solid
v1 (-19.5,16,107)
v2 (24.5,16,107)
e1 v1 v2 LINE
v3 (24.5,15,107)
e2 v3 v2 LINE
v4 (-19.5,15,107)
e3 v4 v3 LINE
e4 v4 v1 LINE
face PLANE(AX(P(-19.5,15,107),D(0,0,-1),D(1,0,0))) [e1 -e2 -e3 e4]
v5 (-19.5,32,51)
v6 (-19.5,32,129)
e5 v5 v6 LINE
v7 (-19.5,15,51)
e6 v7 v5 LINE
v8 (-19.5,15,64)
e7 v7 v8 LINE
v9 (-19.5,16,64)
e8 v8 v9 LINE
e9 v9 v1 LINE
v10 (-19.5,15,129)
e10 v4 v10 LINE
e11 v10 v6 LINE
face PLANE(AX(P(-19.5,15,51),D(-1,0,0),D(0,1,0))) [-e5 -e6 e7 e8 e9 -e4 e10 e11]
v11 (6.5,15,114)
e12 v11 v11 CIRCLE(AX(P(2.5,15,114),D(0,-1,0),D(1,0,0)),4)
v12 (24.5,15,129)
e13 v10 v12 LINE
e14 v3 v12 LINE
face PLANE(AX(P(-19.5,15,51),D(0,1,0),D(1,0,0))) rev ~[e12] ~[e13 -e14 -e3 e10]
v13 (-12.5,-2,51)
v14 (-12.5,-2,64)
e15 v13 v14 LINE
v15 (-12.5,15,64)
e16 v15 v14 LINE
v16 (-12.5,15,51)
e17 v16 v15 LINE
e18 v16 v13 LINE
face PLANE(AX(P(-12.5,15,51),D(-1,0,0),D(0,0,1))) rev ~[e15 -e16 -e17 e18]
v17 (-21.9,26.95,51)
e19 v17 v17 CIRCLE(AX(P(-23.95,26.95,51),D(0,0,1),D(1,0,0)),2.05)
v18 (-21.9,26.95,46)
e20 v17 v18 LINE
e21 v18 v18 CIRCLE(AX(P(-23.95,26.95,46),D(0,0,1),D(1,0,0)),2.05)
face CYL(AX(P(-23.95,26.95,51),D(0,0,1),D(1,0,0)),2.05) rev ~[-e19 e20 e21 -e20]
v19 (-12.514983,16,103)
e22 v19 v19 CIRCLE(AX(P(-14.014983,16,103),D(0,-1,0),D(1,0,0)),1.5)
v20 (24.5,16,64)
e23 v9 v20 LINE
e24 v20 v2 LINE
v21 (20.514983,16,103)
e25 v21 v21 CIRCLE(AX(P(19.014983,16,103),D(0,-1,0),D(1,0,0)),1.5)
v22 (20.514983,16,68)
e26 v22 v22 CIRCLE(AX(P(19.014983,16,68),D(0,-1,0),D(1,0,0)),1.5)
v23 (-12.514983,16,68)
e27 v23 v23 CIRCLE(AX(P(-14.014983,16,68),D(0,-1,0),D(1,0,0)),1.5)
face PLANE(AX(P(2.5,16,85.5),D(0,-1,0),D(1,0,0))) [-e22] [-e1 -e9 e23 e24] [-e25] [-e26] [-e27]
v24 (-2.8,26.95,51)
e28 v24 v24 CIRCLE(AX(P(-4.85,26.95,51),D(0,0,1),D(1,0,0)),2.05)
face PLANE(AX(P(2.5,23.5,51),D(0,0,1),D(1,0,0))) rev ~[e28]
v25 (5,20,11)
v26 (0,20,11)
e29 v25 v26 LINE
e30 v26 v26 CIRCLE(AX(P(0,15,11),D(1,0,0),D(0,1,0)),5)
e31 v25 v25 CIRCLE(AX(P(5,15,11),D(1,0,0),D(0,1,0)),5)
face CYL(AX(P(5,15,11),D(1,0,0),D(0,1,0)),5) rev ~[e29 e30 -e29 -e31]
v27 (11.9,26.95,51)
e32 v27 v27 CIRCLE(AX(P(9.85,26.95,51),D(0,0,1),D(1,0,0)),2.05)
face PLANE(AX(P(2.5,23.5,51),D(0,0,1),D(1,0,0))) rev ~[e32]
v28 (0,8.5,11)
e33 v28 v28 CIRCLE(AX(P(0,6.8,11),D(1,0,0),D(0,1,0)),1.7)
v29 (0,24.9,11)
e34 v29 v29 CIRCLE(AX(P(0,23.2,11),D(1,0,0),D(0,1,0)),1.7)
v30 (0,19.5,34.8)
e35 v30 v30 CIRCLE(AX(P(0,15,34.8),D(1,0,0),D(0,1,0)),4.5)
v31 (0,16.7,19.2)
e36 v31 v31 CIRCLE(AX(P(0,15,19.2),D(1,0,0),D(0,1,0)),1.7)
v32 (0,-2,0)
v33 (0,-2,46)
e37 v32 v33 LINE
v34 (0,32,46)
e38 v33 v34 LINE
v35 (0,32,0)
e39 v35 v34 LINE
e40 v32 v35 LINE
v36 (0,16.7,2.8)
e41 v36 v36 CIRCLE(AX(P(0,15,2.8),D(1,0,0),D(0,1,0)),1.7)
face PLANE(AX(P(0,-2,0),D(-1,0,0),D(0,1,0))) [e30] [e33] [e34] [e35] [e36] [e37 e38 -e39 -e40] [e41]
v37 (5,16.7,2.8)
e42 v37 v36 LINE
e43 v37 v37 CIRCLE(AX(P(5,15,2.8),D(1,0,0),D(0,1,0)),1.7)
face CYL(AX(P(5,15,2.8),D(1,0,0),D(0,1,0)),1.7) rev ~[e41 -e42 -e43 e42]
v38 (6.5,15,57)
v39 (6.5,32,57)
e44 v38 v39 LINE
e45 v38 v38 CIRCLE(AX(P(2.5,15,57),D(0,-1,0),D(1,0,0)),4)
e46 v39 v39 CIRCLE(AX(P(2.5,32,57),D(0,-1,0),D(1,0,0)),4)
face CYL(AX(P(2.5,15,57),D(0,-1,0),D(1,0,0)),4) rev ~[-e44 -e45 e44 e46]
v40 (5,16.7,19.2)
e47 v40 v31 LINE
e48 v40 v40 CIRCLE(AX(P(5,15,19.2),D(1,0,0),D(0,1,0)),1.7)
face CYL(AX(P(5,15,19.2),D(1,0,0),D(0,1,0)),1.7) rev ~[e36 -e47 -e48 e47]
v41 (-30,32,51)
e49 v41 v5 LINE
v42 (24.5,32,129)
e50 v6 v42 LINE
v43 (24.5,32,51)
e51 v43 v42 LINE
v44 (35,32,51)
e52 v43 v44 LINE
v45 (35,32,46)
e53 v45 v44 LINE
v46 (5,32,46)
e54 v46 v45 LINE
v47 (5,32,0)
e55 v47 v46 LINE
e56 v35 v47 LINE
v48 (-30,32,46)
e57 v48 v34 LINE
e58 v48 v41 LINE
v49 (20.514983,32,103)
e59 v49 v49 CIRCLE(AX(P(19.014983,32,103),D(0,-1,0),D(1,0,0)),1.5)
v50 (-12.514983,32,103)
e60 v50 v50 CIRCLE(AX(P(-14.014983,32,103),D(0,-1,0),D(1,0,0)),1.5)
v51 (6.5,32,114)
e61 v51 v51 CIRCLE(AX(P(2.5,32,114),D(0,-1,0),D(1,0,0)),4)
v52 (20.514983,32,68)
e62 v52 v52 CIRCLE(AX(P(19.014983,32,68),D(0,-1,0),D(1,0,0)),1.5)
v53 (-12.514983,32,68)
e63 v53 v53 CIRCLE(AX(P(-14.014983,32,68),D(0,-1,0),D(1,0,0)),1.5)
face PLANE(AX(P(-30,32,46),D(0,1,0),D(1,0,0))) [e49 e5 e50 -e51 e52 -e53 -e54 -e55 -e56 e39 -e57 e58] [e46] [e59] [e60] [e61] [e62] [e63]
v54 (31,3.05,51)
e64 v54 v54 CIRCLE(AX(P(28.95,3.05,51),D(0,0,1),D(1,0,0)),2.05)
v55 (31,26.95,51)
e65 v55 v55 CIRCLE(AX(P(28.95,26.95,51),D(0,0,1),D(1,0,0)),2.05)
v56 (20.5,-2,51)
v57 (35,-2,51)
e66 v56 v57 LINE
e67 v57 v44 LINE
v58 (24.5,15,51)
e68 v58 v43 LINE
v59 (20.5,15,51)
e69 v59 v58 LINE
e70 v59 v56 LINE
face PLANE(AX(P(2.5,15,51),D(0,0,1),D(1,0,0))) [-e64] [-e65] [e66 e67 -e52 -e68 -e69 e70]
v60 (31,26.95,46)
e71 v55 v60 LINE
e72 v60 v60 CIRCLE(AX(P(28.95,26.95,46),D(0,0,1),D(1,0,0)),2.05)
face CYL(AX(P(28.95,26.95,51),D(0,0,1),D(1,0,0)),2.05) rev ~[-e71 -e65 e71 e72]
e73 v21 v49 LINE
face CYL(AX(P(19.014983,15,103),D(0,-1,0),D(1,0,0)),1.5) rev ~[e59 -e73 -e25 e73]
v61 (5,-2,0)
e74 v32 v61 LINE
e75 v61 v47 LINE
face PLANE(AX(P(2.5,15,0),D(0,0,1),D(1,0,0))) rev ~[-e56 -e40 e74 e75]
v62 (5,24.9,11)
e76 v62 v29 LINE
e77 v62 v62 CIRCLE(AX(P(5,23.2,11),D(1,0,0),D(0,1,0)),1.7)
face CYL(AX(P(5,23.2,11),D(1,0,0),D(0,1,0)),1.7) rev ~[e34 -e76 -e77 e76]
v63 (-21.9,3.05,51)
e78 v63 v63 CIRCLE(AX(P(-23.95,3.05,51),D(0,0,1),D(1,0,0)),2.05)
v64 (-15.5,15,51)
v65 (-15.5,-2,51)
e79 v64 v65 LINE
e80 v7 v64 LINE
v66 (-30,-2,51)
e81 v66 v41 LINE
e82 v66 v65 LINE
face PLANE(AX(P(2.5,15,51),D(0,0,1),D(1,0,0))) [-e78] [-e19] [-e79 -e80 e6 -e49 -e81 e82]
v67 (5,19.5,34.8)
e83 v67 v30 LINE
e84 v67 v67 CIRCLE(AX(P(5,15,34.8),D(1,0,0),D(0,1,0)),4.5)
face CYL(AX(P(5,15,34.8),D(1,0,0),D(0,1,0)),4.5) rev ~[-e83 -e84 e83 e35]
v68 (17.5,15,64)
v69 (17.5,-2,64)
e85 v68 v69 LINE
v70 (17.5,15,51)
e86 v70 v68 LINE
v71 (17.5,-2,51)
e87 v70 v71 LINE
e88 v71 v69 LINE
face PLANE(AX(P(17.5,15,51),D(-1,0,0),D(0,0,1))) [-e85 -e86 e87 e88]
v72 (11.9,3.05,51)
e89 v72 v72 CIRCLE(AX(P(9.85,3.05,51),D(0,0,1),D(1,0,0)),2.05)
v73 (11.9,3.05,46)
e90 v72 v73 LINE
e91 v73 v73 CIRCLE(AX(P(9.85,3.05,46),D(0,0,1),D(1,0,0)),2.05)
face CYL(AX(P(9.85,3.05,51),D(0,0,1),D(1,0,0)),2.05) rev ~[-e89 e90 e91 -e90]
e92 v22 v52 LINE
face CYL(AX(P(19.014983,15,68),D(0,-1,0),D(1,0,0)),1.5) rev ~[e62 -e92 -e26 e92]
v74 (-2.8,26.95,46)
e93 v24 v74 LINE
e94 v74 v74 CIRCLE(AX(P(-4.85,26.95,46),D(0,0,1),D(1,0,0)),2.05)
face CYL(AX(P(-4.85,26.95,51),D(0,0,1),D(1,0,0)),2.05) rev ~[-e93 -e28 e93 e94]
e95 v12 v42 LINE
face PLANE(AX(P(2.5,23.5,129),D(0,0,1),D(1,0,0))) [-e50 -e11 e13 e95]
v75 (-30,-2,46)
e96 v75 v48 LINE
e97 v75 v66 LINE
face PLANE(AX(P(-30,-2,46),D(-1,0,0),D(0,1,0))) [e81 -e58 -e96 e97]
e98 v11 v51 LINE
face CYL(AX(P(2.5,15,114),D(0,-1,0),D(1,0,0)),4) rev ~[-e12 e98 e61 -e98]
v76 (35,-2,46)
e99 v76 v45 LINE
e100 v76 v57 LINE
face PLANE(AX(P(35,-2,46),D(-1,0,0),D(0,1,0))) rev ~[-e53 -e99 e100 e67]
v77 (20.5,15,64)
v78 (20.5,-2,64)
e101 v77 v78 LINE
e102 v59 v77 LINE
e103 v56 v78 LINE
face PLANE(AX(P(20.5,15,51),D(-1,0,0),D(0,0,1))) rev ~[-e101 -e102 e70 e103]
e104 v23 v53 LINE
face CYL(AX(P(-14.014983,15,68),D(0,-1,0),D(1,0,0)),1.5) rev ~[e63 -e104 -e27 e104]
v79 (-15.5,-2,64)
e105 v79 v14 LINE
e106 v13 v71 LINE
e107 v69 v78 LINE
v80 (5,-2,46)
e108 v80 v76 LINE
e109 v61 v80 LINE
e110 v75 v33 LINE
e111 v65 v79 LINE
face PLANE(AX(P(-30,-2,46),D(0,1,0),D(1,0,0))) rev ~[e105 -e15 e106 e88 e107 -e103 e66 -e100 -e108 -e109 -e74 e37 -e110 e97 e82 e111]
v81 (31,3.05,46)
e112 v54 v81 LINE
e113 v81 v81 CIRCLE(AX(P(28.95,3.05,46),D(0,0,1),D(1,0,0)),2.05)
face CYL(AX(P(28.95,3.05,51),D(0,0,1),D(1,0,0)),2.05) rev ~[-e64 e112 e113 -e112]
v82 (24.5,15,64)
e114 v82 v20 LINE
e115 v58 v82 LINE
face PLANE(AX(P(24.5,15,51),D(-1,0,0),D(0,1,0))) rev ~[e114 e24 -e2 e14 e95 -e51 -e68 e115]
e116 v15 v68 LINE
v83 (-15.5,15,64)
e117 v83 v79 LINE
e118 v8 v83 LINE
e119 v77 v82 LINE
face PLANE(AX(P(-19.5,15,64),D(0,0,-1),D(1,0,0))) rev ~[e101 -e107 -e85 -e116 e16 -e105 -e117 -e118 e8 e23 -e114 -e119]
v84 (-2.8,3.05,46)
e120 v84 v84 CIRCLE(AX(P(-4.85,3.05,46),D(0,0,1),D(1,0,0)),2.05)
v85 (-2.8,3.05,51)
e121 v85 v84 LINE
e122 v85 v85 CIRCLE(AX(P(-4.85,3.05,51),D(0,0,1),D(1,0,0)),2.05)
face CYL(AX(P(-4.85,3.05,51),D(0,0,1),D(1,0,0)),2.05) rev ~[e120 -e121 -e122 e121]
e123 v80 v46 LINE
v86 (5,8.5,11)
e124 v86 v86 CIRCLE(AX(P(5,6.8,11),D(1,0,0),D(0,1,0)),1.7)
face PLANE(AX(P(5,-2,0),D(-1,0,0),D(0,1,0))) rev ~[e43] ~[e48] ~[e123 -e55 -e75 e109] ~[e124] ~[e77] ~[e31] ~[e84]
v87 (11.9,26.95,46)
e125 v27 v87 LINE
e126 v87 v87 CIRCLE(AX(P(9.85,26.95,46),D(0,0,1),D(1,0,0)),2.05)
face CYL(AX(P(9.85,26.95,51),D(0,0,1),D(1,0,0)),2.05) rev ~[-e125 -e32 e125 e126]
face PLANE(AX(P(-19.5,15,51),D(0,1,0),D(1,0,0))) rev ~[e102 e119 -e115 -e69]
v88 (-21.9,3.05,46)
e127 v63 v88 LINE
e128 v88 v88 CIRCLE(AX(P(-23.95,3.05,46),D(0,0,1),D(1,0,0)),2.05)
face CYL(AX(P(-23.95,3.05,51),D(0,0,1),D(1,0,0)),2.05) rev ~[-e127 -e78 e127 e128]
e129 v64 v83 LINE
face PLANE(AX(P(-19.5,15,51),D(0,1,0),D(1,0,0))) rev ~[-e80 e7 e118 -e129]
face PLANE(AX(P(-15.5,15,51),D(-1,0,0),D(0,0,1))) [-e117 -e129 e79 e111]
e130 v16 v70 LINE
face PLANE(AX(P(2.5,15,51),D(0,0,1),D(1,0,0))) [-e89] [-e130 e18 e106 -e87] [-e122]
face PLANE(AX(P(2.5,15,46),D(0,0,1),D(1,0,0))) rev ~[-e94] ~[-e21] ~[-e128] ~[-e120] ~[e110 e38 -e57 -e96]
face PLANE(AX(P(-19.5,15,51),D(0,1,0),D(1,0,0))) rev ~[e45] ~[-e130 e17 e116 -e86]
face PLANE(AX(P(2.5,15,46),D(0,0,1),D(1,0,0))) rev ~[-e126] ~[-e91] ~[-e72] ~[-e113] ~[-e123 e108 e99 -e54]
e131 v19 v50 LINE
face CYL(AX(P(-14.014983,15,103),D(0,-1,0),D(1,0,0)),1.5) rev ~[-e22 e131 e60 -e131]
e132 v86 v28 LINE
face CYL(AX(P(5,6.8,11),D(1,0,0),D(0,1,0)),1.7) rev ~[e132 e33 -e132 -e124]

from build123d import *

# Parameters (mm, degrees)
BOX001_W        = 65
BOX001_H        = 34
BOX001_DEPTH    = 5
BOX_W           = 5
BOX_H           = 34
BOX_DEPTH       = 46
SKETCH_R        = 2.05
POCKET_DEPTH    = 5
SKETCH001_R     = 5
SKETCH001_R_2   = 1.7
POCKET001_DEPTH = 5
SKETCH002_R     = 4.5
POCKET002_DEPTH = 5
BOX002_W        = 44
BOX002_H        = 17
BOX002_DEPTH    = 78
SKETCH003_R     = 4
SKETCH003_R_2   = 1.5
POCKET003_DEPTH = 17.001
SKETCH004_W     = 44
SKETCH004_H     = 43
POCKET004_DEPTH = 1
SKETCH005_W     = 3
SKETCH005_H     = 13
PAD_DEPTH       = 17


with BuildPart() as cubo001:
    # Box001 → Box001 (new body)
    with BuildSketch(Plane(origin=(-30, -2, 46), x_dir=(1, 0, 0), z_dir=(0, 0, 1))):
        with Locations((32.5, 17)):
            Rectangle(BOX001_W, BOX001_H)
    extrude(amount=BOX001_DEPTH)


with BuildPart() as pocket002:
    # Box → Box (new body)
    with BuildSketch(Plane(origin=(0, -2, 0), x_dir=(1, 0, 0), z_dir=(0, 0, 1))):
        with Locations((2.5, 17)):
            Rectangle(BOX_W, BOX_H)
    extrude(amount=BOX_DEPTH)

    # Fusion: union Cubo001
    add(cubo001.part)

    # Sketch → Pocket (cut)
    with BuildSketch(Plane.XY.offset(51)):
        with Locations((-36.05, -7.05)):
            Circle(SKETCH_R)
        with Locations((28.95, 3.05)):
            Circle(SKETCH_R)
        with Locations((-55.15, -7.05)):
            Circle(SKETCH_R)
        with Locations((9.85, 3.05)):
            Circle(SKETCH_R)
        with Locations((-4.85, 3.05)):
            Circle(SKETCH_R)
        with Locations((-23.95, 3.05)):
            Circle(SKETCH_R)
        with Locations((-23.95, 26.95)):
            Circle(SKETCH_R)
        with Locations((-4.85, 26.95)):
            Circle(SKETCH_R)
        with Locations((9.85, 26.95)):
            Circle(SKETCH_R)
        with Locations((28.95, 26.95)):
            Circle(SKETCH_R)
    extrude(amount=-POCKET_DEPTH, mode=Mode.SUBTRACT)

    # Sketch001 → Pocket001 (cut)
    with BuildSketch(Plane.YZ.offset(5)):
        with Locations((15, 11)):
            Circle(SKETCH001_R)
        with Locations((15, 19.2)):
            Circle(SKETCH001_R_2)
        with Locations((23.2, 11)):
            Circle(SKETCH001_R_2)
        with Locations((15, 2.8)):
            Circle(SKETCH001_R_2)
        with Locations((6.8, 11)):
            Circle(SKETCH001_R_2)
    extrude(amount=-POCKET001_DEPTH, mode=Mode.SUBTRACT)

    # Sketch002 → Pocket002 (cut)
    with BuildSketch(Plane.YZ.offset(5)):
        with Locations((15, 34.8)):
            Circle(SKETCH002_R)
    extrude(amount=-POCKET002_DEPTH, mode=Mode.SUBTRACT)


with BuildPart() as fusion001002:
    # Box002 → Box002 (new body)
    with BuildSketch(Plane(origin=(-19.5, 15, 51), x_dir=(1, 0, 0), z_dir=(0, 0, 1))):
        with Locations((22, 8.5)):
            Rectangle(BOX002_W, BOX002_H)
    extrude(amount=BOX002_DEPTH)

    # Sketch003 → Pocket003 (cut, through all)
    with BuildSketch(Plane(origin=(-19.5, 15, 51), x_dir=(1, 0, 0), z_dir=(0, -1, 0))):
        with Locations((22, 6)):
            Circle(SKETCH003_R)
        with Locations((22, 63)):
            Circle(SKETCH003_R)
        with Locations((5.485017, 17)):
            Circle(SKETCH003_R_2)
        with Locations((38.514983, 17)):
            Circle(SKETCH003_R_2)
        with Locations((5.485017, 52)):
            Circle(SKETCH003_R_2)
        with Locations((38.514983, 52)):
            Circle(SKETCH003_R_2)
    extrude(amount=-POCKET003_DEPTH, mode=Mode.SUBTRACT)

    # Sketch004 → Pocket004 (cut)
    with BuildSketch(Plane(origin=(-19.5, 15, 51), x_dir=(1, 0, 0), z_dir=(0, -1, 0))):
        with Locations((22, 34.5)):
            Rectangle(SKETCH004_W, SKETCH004_H)
    extrude(amount=-POCKET004_DEPTH, mode=Mode.SUBTRACT)

    # Sketch005 → Pad (new body)
    with BuildSketch(Plane(origin=(-19.5, 15, 51), x_dir=(1, 0, 0), z_dir=(0, -1, 0))):
        with Locations((38.5, 6.5)):
            Rectangle(SKETCH005_W, SKETCH005_H)
        with Locations((5.5, 6.5)):
            Rectangle(SKETCH005_W, SKETCH005_H)
    extrude(amount=PAD_DEPTH)

    # Fusion001002: union Pocket002
    add(pocket002.part)


solid = fusion001002.part
